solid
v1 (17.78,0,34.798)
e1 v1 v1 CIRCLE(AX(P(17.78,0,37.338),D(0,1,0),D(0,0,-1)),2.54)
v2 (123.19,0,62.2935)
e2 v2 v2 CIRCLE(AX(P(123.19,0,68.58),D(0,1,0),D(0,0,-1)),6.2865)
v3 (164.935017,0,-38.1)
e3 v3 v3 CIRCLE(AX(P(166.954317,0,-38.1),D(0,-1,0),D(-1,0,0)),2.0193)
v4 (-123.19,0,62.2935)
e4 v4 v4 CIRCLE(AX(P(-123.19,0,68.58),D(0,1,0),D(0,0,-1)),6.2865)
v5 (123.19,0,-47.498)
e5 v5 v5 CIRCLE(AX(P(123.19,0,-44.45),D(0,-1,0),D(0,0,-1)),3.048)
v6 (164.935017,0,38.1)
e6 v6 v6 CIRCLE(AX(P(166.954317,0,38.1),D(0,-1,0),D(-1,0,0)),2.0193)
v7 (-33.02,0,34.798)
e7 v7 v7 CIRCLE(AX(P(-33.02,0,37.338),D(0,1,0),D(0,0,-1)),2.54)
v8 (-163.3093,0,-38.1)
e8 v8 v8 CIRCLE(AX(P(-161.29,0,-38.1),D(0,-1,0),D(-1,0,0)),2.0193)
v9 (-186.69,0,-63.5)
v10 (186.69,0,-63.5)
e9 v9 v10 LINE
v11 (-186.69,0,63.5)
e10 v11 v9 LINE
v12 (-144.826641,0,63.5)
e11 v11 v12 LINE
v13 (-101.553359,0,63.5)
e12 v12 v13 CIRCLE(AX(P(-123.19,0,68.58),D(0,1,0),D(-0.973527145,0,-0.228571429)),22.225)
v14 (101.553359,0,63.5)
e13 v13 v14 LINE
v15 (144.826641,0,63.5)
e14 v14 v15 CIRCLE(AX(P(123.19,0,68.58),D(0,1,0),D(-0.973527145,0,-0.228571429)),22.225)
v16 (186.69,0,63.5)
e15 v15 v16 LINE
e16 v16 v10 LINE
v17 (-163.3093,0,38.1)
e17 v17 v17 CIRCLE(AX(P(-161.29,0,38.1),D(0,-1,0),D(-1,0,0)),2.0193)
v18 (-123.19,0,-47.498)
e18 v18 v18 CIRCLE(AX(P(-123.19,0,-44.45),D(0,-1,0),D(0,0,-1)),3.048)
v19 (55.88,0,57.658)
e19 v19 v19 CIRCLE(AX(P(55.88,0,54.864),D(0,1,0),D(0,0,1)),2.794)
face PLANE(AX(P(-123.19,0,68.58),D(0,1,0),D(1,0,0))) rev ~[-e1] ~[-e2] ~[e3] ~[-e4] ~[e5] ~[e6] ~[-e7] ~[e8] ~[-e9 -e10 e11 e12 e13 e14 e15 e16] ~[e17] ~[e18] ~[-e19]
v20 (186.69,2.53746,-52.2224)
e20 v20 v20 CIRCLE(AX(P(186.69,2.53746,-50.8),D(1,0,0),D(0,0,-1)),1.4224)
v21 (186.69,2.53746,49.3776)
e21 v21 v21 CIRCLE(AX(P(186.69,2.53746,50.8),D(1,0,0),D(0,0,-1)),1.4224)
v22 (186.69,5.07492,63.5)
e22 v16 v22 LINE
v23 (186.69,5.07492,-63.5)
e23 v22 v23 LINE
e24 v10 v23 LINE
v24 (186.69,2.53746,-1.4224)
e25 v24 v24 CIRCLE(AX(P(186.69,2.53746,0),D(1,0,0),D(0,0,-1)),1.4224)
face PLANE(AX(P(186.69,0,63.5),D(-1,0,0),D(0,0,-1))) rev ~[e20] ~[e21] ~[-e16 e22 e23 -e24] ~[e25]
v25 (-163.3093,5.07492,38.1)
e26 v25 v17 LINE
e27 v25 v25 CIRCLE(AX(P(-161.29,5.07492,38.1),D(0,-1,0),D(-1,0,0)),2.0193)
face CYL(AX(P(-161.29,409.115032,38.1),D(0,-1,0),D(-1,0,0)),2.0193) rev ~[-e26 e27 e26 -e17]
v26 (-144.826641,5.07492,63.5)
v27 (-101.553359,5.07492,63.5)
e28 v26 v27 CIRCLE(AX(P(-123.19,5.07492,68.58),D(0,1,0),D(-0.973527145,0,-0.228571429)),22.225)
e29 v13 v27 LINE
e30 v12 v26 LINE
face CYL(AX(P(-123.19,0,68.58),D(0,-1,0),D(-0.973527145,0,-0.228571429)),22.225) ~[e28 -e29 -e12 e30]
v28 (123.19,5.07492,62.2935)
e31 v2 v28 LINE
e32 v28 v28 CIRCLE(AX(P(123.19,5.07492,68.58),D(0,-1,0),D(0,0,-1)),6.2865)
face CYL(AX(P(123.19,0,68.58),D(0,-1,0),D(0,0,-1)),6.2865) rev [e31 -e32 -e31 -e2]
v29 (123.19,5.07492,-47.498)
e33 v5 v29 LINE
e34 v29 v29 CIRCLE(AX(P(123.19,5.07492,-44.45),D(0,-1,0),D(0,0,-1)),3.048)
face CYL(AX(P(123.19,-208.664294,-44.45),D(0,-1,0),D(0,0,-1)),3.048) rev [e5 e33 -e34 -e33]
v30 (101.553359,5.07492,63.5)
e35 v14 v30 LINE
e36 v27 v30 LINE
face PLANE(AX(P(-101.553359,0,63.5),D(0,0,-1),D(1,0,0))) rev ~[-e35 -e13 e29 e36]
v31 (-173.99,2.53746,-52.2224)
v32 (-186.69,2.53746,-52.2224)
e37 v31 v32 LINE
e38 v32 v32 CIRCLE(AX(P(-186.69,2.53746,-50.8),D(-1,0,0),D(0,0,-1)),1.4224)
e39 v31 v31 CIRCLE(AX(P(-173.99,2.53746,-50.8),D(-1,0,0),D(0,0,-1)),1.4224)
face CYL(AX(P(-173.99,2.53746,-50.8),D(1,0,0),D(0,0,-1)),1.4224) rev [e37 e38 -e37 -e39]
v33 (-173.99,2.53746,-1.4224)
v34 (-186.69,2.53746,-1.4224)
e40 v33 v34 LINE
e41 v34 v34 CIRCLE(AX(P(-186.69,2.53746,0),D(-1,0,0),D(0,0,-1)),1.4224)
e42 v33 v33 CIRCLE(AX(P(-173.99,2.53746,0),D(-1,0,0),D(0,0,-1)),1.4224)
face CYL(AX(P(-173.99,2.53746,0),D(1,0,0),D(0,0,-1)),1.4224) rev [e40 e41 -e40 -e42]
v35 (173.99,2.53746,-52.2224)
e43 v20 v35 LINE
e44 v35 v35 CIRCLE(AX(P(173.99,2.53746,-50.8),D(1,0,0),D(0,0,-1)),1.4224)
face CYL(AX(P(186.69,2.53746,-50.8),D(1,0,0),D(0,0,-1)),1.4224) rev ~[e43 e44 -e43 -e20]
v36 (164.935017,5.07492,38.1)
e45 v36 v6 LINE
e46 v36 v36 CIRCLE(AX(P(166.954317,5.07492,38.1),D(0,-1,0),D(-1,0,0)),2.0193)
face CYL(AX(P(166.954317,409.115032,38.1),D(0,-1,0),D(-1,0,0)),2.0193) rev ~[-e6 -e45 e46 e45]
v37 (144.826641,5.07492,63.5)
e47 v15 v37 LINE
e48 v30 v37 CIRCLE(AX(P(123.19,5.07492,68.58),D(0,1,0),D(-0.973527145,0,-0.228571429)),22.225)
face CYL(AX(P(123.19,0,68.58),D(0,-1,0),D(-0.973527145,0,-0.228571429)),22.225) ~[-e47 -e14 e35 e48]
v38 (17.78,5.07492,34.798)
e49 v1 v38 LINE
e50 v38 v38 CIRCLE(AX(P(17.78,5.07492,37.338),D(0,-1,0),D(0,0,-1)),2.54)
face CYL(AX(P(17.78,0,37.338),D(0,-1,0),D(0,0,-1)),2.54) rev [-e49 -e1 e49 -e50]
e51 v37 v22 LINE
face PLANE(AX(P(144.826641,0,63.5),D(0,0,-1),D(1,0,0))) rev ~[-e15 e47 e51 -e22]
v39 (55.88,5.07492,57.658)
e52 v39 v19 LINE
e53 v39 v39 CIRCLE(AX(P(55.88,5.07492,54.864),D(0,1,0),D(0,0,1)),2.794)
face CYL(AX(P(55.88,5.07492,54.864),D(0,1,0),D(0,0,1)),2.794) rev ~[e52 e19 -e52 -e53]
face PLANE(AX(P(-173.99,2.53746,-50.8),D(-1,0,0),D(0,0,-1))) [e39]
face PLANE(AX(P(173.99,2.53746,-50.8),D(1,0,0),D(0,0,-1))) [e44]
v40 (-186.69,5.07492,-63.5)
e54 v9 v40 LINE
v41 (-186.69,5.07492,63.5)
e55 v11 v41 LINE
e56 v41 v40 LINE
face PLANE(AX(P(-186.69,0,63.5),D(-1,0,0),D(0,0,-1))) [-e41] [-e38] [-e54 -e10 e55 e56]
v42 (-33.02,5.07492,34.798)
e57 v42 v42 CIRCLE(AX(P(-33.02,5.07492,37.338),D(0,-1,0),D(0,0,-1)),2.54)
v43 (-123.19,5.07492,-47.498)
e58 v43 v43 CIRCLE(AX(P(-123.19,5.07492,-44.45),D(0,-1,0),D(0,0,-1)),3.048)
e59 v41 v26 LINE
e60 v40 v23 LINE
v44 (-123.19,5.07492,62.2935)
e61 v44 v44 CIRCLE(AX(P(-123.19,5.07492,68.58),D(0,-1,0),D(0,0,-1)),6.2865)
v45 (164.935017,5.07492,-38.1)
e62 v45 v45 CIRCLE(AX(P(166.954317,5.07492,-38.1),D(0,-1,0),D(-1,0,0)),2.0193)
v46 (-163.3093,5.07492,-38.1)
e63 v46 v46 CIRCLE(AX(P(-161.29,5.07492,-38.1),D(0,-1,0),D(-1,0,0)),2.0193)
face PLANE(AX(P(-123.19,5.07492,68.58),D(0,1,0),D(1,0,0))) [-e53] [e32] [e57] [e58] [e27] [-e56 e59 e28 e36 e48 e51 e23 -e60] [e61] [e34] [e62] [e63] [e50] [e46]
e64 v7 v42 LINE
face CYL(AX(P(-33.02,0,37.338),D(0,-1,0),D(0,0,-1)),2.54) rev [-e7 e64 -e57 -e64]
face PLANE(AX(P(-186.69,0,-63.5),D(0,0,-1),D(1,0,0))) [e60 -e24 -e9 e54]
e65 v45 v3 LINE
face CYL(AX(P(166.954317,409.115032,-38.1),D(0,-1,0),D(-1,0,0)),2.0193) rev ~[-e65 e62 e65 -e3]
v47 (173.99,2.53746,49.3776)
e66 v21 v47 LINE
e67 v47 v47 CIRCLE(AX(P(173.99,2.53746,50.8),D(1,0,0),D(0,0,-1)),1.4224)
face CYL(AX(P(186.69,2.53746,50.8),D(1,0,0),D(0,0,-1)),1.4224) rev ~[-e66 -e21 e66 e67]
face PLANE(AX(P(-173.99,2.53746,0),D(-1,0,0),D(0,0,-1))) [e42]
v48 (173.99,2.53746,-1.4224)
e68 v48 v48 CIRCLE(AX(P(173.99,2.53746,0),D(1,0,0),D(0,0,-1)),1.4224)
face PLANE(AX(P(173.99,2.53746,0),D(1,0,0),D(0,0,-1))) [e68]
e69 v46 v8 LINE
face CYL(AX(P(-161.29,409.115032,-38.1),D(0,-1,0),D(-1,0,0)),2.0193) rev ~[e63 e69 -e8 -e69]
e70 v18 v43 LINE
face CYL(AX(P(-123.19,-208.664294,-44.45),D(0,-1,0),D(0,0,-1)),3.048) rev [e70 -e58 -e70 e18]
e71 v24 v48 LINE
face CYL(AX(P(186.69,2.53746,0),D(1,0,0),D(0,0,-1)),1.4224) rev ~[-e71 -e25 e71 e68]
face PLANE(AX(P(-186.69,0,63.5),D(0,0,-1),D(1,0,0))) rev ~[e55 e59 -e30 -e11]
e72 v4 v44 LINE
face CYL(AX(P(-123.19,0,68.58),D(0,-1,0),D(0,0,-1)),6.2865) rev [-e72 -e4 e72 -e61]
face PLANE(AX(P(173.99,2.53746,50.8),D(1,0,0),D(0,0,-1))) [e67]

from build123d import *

# Parameters (mm, degrees)
BOSS_EXTRUDE1_DEPTH         = 5.07492
SKETCH1_5_R                 = 6.2865
CUT_EXTRUDE1_DEPTH          = 208.664293845
CUT_EXTRUDE2_DEPTH          = 208.664293845
CUT_EXTRUDE2_DEPTH_BACK     = 208.664293845
SKETCH1_7_R                 = 3.048
SKETCH1_8_R                 = 2.54
CUT_EXTRUDE3_DEPTH          = 208.664293845
F_21_0_159_DIAMETER_HOLE1_D = 4.0386
SKETCH5_R                   = 2.794
CUT_EXTRUDE4_DEPTH          = 5.08
SKETCH6_R                   = 1.4224
CUT_EXTRUDE5_DEPTH          = 12.7
CUT_EXTRUDE6_START          = -12.7
SKETCH7_R                   = 1.4224
CUT_EXTRUDE6_DEPTH          = 12.7


with BuildPart() as part:
    # Sketch1 → Boss-Extrude1 (new body)
    with BuildSketch(Plane(origin=(0, 0, 0), x_dir=(1, 0, 0), z_dir=(0, 1, 0))):
        with BuildLine():
            Line((-186.69, 63.5), (-186.69, -63.5))
            Line((-186.69, -63.5), (-144.826640797, -63.5))
            ThreePointArc((-144.826640797, -63.5), (-123.19, -90.805), (-101.553359203, -63.5))
            Line((-101.553359203, -63.5), (101.553359203, -63.5))
            ThreePointArc((101.553359203, -63.5), (123.19, -90.805), (144.826640797, -63.5))
            Line((144.826640797, -63.5), (186.69, -63.5))
            Line((186.69, -63.5), (186.69, 63.5))
            Line((186.69, 63.5), (-186.69, 63.5))
        make_face()
    extrude(amount=BOSS_EXTRUDE1_DEPTH)

    # Sketch1<5> → Cut-Extrude1 (cut, through all)
    with BuildSketch(Plane(origin=(0, 0, 0), x_dir=(1, 0, 0), z_dir=(0, 1, 0))):
        with Locations((-123.19, -68.58)):
            Circle(SKETCH1_5_R)
        with Locations((123.19, -68.58)):
            Circle(SKETCH1_5_R)
    extrude(amount=CUT_EXTRUDE1_DEPTH, mode=Mode.SUBTRACT)

    # Sketch1<7> → Cut-Extrude2 (cut, two sides: drawn at the far end of the back side and taken through both)
    with BuildSketch(Plane(origin=(0, 0, 0), x_dir=(1, 0, 0), z_dir=(0, 1, 0)).offset(-CUT_EXTRUDE2_DEPTH_BACK)):
        with Locations((-123.19, 44.45)):
            Circle(SKETCH1_7_R)
        with Locations((123.19, 44.45)):
            Circle(SKETCH1_7_R)
    extrude(amount=CUT_EXTRUDE2_DEPTH + CUT_EXTRUDE2_DEPTH_BACK, mode=Mode.SUBTRACT)

    # Sketch1<8> → Cut-Extrude3 (cut, through all)
    with BuildSketch(Plane(origin=(0, 0, 0), x_dir=(1, 0, 0), z_dir=(0, 1, 0))):
        with Locations((-33.02, -37.338)):
            Circle(SKETCH1_8_R)
        with Locations((17.78, -37.338)):
            Circle(SKETCH1_8_R)
    extrude(amount=CUT_EXTRUDE3_DEPTH, mode=Mode.SUBTRACT)

    # #21 (0.159) Diameter Hole1 (through all)
    with Locations(Plane(origin=(0, 5.07492, 0), x_dir=(1, 0, 0), z_dir=(0, 1, 0))):
        with Locations((-161.29, 38.1), (-161.29, -38.1), (166.954317475, -38.1), (166.954317475, 38.1)):
            Hole(F_21_0_159_DIAMETER_HOLE1_D / 2)

    # Sketch5 → Cut-Extrude4 (cut)
    with BuildSketch(Plane(origin=(0, 5.07492, 0), x_dir=(1, 0, 0), z_dir=(0, 1, 0))):
        with Locations((55.88, -54.864)):
            Circle(SKETCH5_R)
    extrude(amount=-CUT_EXTRUDE4_DEPTH, mode=Mode.SUBTRACT)

    # Sketch6 → Cut-Extrude5 (cut)
    with BuildSketch(Plane(origin=(186.69, 0, 0), x_dir=(0, 0, -1), z_dir=(1, 0, 0))):
        with Locations((0, 2.53746)):
            Circle(SKETCH6_R)
        with Locations((-50.8, 2.53746)):
            Circle(SKETCH6_R)
        with Locations((50.8, 2.53746)):
            Circle(SKETCH6_R)
    extrude(amount=-CUT_EXTRUDE5_DEPTH, mode=Mode.SUBTRACT)

    # Sketch7 → Cut-Extrude6 (cut)
    with BuildSketch(Plane.ZY.offset(186.69).offset(CUT_EXTRUDE6_START)):
        with Locations((-50.8, 2.53746)):
            Circle(SKETCH7_R)
        with Locations((0, 2.53746)):
            Circle(SKETCH7_R)
    extrude(amount=CUT_EXTRUDE6_DEPTH, mode=Mode.SUBTRACT)


solid = part.part
